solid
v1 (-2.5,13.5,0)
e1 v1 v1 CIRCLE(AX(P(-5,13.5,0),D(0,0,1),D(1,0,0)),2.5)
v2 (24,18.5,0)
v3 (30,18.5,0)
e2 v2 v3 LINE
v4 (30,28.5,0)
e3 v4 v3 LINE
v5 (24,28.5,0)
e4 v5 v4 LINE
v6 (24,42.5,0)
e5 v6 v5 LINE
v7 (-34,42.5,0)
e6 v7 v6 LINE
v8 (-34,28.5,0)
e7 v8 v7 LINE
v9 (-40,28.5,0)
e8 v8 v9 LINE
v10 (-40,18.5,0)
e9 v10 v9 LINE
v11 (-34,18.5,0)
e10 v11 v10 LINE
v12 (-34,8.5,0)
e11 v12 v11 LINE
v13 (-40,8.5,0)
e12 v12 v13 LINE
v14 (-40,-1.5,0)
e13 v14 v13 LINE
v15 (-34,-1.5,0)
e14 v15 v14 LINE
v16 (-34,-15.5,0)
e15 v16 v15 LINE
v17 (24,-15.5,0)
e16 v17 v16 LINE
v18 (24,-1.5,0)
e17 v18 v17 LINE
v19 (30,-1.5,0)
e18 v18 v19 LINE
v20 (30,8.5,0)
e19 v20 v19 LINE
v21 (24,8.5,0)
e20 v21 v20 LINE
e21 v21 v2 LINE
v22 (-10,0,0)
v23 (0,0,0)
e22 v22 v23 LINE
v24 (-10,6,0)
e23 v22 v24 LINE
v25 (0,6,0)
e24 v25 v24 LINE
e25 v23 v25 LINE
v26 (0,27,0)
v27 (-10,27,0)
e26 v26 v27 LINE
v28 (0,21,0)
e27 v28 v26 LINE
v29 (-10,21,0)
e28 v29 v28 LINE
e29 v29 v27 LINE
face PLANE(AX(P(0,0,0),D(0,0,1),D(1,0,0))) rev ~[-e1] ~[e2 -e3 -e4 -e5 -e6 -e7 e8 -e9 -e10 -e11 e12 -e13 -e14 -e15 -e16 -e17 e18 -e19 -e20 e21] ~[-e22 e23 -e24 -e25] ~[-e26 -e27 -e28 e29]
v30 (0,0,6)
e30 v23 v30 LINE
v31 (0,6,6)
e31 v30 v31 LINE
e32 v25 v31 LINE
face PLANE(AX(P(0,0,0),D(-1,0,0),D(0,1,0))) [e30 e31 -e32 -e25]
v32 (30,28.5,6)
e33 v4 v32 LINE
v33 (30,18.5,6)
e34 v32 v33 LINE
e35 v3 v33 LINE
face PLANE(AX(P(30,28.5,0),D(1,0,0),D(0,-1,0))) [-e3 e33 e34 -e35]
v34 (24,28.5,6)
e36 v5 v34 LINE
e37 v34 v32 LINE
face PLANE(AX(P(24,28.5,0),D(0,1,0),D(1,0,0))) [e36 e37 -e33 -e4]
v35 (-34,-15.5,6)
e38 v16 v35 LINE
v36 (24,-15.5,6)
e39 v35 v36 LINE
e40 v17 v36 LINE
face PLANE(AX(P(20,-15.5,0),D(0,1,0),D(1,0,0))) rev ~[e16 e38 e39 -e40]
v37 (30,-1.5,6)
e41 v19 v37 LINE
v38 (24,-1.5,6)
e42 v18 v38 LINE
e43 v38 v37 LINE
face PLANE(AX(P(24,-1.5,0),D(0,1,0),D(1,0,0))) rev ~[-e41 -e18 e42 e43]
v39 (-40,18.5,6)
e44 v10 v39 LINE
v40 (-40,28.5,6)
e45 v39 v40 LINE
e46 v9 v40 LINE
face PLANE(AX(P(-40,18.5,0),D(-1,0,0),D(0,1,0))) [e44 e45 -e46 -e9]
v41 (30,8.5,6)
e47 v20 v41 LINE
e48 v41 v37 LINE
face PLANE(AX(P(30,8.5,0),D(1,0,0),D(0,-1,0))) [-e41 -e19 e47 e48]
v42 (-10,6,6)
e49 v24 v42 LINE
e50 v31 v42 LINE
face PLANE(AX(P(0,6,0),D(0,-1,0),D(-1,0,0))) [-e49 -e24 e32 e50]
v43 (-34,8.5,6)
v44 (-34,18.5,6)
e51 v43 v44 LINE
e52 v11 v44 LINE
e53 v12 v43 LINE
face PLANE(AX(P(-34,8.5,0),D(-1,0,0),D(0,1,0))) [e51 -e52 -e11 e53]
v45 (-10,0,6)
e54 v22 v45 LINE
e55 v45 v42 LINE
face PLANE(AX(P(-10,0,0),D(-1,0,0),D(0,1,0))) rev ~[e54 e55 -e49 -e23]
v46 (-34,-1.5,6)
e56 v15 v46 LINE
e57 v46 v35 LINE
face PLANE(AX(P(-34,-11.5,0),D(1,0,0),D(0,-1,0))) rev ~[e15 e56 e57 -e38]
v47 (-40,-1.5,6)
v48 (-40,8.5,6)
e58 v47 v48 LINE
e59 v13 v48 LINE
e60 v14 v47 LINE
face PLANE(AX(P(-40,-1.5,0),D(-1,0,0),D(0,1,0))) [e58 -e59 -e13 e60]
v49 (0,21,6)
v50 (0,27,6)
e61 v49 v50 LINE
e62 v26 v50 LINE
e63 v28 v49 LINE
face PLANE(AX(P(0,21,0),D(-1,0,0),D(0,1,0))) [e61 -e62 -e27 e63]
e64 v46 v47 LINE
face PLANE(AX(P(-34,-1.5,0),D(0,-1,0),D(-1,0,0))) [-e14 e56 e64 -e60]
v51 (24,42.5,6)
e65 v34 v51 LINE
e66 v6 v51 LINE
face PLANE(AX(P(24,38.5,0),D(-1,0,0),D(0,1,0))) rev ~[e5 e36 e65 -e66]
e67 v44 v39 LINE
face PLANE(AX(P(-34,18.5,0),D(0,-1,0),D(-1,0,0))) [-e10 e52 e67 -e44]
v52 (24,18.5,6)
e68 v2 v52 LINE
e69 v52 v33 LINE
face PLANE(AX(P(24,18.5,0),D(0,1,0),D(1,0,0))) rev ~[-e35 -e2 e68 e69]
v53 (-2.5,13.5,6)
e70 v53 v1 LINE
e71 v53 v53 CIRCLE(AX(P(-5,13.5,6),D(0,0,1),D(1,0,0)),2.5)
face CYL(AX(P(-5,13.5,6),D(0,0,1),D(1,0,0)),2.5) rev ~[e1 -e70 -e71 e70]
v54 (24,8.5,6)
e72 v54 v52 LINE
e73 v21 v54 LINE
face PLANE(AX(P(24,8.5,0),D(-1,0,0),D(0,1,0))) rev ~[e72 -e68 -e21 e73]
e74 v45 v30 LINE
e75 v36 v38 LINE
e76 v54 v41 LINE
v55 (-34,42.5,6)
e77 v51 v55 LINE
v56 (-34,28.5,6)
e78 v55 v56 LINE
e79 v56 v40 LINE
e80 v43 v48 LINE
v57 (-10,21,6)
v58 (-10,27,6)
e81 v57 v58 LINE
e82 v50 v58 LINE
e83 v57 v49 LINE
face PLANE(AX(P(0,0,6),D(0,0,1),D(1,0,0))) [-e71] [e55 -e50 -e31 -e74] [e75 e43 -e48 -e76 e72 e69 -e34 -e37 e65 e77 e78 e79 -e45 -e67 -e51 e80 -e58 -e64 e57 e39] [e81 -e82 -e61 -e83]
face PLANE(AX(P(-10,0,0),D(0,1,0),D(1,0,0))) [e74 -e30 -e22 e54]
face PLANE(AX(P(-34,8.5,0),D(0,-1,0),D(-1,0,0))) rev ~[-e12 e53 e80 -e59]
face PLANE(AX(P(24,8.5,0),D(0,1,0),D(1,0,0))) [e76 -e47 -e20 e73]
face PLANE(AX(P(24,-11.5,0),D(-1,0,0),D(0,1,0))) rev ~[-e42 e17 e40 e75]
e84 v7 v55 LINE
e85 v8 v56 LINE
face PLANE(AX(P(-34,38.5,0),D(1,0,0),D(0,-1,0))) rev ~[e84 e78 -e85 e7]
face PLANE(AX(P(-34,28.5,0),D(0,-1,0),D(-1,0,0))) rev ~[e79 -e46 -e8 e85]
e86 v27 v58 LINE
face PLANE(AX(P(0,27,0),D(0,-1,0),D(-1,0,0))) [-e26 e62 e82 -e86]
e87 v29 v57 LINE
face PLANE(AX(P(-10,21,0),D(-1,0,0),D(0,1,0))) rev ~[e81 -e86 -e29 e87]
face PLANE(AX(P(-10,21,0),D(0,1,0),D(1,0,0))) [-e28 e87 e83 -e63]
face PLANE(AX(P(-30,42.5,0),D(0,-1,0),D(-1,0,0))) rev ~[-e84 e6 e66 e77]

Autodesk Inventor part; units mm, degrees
ref_plane "YZ Plane" through (0, 0, 0) normal (1, 0, 0) x (0, 1, 0)
ref_plane "XZ Plane" through (0, 0, 0) normal (0, 1, 0) x (-1, 0, 0)
ref_plane "XY Plane" through (0, 0, 0) normal (0, 0, 1) x (1, 0, 0)
ref_plane "Work Plane1" through (0, 0, 0) normal (0, 0, 1) x (1, 0, 0)
sketch "Sketch1" plane through (0, 0, 0) normal (0, 0, 1) x (1, 0, 0)
  line L0 (-10, 0) -> (-10, 6)
  line L1 (-10, 6) -> (-34, 6)
  line L2 (-34, 0) -> (-34, 6)
  line L3 (-34, 0) -> (-10, 0)
  line L4 (-10, 21) -> (-10, 27)
  line L5 (-10, 27) -> (-34, 27)
  line L6 (-34, 21) -> (-34, 27)
  line L7 (-34, 21) -> (-10, 21)
  line L8 (0, 21) -> (0, 27)
  line L9 (0, 21) -> (24, 21)
  line L10 (24, 21) -> (24, 27)
  line L11 (24, 27) -> (0, 27)
  line L12 (0, 0) -> (0, 6)
  line L13 (0, 0) -> (24, 0)
  line L14 (24, 0) -> (24, 6)
  line L15 (24, 6) -> (0, 6)
  line L16 (24, 8.5) -> (30, 8.5)
  line L17 (30, 8.5) -> (30, -1.5)
  line L18 (24, -1.5) -> (30, -1.5)
  line L19 (24, -1.5) -> (24, 8.5)
  line L20 (24, 18.5) -> (30, 18.5)
  line L21 (24, 18.5) -> (24, 28.5)
  line L22 (24, 28.5) -> (30, 28.5)
  line L23 (30, 28.5) -> (30, 18.5)
  line L24 (10, -15.5) -> (20, -15.5)
  line L25 (24, -11.5) -> (24, -1.5)
  line L26 (24, 28.5) -> (24, 38.5)
  line L27 (20, 42.5) -> (10, 42.5)
  line L28 (-20, 42.5) -> (-30, 42.5)
  line L29 (-34, 38.5) -> (-34, 28.5)
  line L30 (-34, 8.5) -> (-34, 18.5)
  line L31 (-34, -11.5) -> (-34, -1.5)
  line L32 (-30, -15.5) -> (-20, -15.5)
  line L33 (-10, -15.5) -> (0, -15.5)
  line L34 (10, -15.5) -> (20, -15.5)
  line L35 (-34, -15.5) -> (24, -15.5)
  line L36 (24, -15.5) -> (24, 42.5)
  line L37 (24, 42.5) -> (-34, 42.5)
  line L38 (-34, 42.5) -> (-34, -15.5)
  line L39 (-34, 8.5) -> (-40, 8.5)
  line L40 (-34, 8.5) -> (-34, -1.5)
  line L41 (-34, -1.5) -> (-40, -1.5)
  line L42 (-40, -1.5) -> (-40, 8.5)
  line L43 (-34, 18.5) -> (-40, 18.5)
  line L44 (-40, 18.5) -> (-40, 28.5)
  line L45 (-34, 28.5) -> (-40, 28.5)
  line L46 (-34, 28.5) -> (-34, 18.5)
  line L47 (0, 27) -> (-10, 27)
  line L48 (-10, 21) -> (-10, 27)
  line L49 (-10, 21) -> (0, 21)
  line L50 (0, 21) -> (0, 27)
  line L51 (0, 6) -> (-10, 6)
  line L52 (-10, 0) -> (-10, 6)
  line L53 (-10, 0) -> (0, 0)
  line L54 (0, 0) -> (0, 6)
extrude "Plate1" add sketch "Sketch1" along normal blind 6 contours L3 L2 L1 L0 | L53 L13 L19 L25 L36 L35 L24 L33 L32 L38 L31 L3 | L1 L38 L30 L7 L49 L9 L21 L36 L19 L15 L51 | L38 L41 L42 L39 L2 | L12 L15 L14 L13 | L14 L19 L16 L17 L18 | L43 L44 L45 L38 L6 | L6 L5 L4 L7 | L21 L10 L22 L23 L20 | L38 L29 L37 L28 L27 L36 L26 L21 L11 L47 L5 | L9 L8 L11 L10
sketch "Sketch2" plane through (0, 0, 6) normal (0, 0, 1) x (1, 0, 0)
  line L0 (-10, 27) -> (0, 27) projected
  line L1 (0, 27) -> (0, 21) projected
  line L2 (0, 21) -> (-10, 21) projected
  line L3 (-10, 21) -> (-10, 27) projected
  line L4 (0, 0) -> (-10, 0) projected
  line L5 (-10, 0) -> (-10, 6) projected
  line L6 (-10, 6) -> (0, 6) projected
  line L7 (0, 6) -> (0, 0) projected
  line L8 (30, -1.5) -> (24, -1.5) projected
  line L9 (30, 8.5) -> (30, -1.5) projected
  line L10 (24, 8.5) -> (30, 8.5) projected
  line L11 (24, 18.5) -> (24, 8.5) projected
  line L12 (30, 18.5) -> (24, 18.5) projected
  line L13 (30, 28.5) -> (30, 18.5) projected
  line L14 (24, 28.5) -> (30, 28.5) projected
  line L15 (24, 42.5) -> (24, 28.5) projected
  line L16 (-34, 42.5) -> (24, 42.5) projected
  line L17 (-34, 28.5) -> (-34, 42.5) projected
  line L18 (-40, 28.5) -> (-34, 28.5) projected
  line L19 (-40, 18.5) -> (-40, 28.5) projected
  line L20 (-34, 18.5) -> (-40, 18.5) projected
  line L21 (-34, 8.5) -> (-34, 18.5) projected
  line L22 (-40, 8.5) -> (-34, 8.5) projected
  line L23 (-40, -1.5) -> (-40, 8.5) projected
  line L24 (-34, -1.5) -> (-40, -1.5) projected
  line L25 (-34, -15.5) -> (-34, -1.5) projected
  line L26 (24, -15.5) -> (-34, -15.5) projected
  line L27 (24, -1.5) -> (24, -15.5) projected
  circle A0 centre (-5, 13.5) radius 2.5
  point P0 (0, 0)
  point P1 (-5, 6)
  point P2 (-34, 13.5)
  dimension "d1" = 5
extrude "Cut1" cut sketch "Sketch2" against normal blind 6 contours A0
equation "\"d2\" = Thickness"
equation "\"d0\" = Thickness"
equation "\"BendRadius\" = Thickness"
equation "\"BendReliefWidth\" = Thickness"
equation "\"BendReliefDepth\" = 0.5 * Thickness"
equation "\"CornerReliefSize\" = 4 * Thickness"
equation "\"MinimumRemnant\" = 2 * Thickness"
equation "\"TransitionRadius\" = BendRadius"
equation "\"JacobiRadiusSize\" = BendRadius"
equation "\"GapSize\" = Thickness"
equation "\"Thickness\" = 6"
properties part number "joystick binnenkant" material "Wood (Birch)"
